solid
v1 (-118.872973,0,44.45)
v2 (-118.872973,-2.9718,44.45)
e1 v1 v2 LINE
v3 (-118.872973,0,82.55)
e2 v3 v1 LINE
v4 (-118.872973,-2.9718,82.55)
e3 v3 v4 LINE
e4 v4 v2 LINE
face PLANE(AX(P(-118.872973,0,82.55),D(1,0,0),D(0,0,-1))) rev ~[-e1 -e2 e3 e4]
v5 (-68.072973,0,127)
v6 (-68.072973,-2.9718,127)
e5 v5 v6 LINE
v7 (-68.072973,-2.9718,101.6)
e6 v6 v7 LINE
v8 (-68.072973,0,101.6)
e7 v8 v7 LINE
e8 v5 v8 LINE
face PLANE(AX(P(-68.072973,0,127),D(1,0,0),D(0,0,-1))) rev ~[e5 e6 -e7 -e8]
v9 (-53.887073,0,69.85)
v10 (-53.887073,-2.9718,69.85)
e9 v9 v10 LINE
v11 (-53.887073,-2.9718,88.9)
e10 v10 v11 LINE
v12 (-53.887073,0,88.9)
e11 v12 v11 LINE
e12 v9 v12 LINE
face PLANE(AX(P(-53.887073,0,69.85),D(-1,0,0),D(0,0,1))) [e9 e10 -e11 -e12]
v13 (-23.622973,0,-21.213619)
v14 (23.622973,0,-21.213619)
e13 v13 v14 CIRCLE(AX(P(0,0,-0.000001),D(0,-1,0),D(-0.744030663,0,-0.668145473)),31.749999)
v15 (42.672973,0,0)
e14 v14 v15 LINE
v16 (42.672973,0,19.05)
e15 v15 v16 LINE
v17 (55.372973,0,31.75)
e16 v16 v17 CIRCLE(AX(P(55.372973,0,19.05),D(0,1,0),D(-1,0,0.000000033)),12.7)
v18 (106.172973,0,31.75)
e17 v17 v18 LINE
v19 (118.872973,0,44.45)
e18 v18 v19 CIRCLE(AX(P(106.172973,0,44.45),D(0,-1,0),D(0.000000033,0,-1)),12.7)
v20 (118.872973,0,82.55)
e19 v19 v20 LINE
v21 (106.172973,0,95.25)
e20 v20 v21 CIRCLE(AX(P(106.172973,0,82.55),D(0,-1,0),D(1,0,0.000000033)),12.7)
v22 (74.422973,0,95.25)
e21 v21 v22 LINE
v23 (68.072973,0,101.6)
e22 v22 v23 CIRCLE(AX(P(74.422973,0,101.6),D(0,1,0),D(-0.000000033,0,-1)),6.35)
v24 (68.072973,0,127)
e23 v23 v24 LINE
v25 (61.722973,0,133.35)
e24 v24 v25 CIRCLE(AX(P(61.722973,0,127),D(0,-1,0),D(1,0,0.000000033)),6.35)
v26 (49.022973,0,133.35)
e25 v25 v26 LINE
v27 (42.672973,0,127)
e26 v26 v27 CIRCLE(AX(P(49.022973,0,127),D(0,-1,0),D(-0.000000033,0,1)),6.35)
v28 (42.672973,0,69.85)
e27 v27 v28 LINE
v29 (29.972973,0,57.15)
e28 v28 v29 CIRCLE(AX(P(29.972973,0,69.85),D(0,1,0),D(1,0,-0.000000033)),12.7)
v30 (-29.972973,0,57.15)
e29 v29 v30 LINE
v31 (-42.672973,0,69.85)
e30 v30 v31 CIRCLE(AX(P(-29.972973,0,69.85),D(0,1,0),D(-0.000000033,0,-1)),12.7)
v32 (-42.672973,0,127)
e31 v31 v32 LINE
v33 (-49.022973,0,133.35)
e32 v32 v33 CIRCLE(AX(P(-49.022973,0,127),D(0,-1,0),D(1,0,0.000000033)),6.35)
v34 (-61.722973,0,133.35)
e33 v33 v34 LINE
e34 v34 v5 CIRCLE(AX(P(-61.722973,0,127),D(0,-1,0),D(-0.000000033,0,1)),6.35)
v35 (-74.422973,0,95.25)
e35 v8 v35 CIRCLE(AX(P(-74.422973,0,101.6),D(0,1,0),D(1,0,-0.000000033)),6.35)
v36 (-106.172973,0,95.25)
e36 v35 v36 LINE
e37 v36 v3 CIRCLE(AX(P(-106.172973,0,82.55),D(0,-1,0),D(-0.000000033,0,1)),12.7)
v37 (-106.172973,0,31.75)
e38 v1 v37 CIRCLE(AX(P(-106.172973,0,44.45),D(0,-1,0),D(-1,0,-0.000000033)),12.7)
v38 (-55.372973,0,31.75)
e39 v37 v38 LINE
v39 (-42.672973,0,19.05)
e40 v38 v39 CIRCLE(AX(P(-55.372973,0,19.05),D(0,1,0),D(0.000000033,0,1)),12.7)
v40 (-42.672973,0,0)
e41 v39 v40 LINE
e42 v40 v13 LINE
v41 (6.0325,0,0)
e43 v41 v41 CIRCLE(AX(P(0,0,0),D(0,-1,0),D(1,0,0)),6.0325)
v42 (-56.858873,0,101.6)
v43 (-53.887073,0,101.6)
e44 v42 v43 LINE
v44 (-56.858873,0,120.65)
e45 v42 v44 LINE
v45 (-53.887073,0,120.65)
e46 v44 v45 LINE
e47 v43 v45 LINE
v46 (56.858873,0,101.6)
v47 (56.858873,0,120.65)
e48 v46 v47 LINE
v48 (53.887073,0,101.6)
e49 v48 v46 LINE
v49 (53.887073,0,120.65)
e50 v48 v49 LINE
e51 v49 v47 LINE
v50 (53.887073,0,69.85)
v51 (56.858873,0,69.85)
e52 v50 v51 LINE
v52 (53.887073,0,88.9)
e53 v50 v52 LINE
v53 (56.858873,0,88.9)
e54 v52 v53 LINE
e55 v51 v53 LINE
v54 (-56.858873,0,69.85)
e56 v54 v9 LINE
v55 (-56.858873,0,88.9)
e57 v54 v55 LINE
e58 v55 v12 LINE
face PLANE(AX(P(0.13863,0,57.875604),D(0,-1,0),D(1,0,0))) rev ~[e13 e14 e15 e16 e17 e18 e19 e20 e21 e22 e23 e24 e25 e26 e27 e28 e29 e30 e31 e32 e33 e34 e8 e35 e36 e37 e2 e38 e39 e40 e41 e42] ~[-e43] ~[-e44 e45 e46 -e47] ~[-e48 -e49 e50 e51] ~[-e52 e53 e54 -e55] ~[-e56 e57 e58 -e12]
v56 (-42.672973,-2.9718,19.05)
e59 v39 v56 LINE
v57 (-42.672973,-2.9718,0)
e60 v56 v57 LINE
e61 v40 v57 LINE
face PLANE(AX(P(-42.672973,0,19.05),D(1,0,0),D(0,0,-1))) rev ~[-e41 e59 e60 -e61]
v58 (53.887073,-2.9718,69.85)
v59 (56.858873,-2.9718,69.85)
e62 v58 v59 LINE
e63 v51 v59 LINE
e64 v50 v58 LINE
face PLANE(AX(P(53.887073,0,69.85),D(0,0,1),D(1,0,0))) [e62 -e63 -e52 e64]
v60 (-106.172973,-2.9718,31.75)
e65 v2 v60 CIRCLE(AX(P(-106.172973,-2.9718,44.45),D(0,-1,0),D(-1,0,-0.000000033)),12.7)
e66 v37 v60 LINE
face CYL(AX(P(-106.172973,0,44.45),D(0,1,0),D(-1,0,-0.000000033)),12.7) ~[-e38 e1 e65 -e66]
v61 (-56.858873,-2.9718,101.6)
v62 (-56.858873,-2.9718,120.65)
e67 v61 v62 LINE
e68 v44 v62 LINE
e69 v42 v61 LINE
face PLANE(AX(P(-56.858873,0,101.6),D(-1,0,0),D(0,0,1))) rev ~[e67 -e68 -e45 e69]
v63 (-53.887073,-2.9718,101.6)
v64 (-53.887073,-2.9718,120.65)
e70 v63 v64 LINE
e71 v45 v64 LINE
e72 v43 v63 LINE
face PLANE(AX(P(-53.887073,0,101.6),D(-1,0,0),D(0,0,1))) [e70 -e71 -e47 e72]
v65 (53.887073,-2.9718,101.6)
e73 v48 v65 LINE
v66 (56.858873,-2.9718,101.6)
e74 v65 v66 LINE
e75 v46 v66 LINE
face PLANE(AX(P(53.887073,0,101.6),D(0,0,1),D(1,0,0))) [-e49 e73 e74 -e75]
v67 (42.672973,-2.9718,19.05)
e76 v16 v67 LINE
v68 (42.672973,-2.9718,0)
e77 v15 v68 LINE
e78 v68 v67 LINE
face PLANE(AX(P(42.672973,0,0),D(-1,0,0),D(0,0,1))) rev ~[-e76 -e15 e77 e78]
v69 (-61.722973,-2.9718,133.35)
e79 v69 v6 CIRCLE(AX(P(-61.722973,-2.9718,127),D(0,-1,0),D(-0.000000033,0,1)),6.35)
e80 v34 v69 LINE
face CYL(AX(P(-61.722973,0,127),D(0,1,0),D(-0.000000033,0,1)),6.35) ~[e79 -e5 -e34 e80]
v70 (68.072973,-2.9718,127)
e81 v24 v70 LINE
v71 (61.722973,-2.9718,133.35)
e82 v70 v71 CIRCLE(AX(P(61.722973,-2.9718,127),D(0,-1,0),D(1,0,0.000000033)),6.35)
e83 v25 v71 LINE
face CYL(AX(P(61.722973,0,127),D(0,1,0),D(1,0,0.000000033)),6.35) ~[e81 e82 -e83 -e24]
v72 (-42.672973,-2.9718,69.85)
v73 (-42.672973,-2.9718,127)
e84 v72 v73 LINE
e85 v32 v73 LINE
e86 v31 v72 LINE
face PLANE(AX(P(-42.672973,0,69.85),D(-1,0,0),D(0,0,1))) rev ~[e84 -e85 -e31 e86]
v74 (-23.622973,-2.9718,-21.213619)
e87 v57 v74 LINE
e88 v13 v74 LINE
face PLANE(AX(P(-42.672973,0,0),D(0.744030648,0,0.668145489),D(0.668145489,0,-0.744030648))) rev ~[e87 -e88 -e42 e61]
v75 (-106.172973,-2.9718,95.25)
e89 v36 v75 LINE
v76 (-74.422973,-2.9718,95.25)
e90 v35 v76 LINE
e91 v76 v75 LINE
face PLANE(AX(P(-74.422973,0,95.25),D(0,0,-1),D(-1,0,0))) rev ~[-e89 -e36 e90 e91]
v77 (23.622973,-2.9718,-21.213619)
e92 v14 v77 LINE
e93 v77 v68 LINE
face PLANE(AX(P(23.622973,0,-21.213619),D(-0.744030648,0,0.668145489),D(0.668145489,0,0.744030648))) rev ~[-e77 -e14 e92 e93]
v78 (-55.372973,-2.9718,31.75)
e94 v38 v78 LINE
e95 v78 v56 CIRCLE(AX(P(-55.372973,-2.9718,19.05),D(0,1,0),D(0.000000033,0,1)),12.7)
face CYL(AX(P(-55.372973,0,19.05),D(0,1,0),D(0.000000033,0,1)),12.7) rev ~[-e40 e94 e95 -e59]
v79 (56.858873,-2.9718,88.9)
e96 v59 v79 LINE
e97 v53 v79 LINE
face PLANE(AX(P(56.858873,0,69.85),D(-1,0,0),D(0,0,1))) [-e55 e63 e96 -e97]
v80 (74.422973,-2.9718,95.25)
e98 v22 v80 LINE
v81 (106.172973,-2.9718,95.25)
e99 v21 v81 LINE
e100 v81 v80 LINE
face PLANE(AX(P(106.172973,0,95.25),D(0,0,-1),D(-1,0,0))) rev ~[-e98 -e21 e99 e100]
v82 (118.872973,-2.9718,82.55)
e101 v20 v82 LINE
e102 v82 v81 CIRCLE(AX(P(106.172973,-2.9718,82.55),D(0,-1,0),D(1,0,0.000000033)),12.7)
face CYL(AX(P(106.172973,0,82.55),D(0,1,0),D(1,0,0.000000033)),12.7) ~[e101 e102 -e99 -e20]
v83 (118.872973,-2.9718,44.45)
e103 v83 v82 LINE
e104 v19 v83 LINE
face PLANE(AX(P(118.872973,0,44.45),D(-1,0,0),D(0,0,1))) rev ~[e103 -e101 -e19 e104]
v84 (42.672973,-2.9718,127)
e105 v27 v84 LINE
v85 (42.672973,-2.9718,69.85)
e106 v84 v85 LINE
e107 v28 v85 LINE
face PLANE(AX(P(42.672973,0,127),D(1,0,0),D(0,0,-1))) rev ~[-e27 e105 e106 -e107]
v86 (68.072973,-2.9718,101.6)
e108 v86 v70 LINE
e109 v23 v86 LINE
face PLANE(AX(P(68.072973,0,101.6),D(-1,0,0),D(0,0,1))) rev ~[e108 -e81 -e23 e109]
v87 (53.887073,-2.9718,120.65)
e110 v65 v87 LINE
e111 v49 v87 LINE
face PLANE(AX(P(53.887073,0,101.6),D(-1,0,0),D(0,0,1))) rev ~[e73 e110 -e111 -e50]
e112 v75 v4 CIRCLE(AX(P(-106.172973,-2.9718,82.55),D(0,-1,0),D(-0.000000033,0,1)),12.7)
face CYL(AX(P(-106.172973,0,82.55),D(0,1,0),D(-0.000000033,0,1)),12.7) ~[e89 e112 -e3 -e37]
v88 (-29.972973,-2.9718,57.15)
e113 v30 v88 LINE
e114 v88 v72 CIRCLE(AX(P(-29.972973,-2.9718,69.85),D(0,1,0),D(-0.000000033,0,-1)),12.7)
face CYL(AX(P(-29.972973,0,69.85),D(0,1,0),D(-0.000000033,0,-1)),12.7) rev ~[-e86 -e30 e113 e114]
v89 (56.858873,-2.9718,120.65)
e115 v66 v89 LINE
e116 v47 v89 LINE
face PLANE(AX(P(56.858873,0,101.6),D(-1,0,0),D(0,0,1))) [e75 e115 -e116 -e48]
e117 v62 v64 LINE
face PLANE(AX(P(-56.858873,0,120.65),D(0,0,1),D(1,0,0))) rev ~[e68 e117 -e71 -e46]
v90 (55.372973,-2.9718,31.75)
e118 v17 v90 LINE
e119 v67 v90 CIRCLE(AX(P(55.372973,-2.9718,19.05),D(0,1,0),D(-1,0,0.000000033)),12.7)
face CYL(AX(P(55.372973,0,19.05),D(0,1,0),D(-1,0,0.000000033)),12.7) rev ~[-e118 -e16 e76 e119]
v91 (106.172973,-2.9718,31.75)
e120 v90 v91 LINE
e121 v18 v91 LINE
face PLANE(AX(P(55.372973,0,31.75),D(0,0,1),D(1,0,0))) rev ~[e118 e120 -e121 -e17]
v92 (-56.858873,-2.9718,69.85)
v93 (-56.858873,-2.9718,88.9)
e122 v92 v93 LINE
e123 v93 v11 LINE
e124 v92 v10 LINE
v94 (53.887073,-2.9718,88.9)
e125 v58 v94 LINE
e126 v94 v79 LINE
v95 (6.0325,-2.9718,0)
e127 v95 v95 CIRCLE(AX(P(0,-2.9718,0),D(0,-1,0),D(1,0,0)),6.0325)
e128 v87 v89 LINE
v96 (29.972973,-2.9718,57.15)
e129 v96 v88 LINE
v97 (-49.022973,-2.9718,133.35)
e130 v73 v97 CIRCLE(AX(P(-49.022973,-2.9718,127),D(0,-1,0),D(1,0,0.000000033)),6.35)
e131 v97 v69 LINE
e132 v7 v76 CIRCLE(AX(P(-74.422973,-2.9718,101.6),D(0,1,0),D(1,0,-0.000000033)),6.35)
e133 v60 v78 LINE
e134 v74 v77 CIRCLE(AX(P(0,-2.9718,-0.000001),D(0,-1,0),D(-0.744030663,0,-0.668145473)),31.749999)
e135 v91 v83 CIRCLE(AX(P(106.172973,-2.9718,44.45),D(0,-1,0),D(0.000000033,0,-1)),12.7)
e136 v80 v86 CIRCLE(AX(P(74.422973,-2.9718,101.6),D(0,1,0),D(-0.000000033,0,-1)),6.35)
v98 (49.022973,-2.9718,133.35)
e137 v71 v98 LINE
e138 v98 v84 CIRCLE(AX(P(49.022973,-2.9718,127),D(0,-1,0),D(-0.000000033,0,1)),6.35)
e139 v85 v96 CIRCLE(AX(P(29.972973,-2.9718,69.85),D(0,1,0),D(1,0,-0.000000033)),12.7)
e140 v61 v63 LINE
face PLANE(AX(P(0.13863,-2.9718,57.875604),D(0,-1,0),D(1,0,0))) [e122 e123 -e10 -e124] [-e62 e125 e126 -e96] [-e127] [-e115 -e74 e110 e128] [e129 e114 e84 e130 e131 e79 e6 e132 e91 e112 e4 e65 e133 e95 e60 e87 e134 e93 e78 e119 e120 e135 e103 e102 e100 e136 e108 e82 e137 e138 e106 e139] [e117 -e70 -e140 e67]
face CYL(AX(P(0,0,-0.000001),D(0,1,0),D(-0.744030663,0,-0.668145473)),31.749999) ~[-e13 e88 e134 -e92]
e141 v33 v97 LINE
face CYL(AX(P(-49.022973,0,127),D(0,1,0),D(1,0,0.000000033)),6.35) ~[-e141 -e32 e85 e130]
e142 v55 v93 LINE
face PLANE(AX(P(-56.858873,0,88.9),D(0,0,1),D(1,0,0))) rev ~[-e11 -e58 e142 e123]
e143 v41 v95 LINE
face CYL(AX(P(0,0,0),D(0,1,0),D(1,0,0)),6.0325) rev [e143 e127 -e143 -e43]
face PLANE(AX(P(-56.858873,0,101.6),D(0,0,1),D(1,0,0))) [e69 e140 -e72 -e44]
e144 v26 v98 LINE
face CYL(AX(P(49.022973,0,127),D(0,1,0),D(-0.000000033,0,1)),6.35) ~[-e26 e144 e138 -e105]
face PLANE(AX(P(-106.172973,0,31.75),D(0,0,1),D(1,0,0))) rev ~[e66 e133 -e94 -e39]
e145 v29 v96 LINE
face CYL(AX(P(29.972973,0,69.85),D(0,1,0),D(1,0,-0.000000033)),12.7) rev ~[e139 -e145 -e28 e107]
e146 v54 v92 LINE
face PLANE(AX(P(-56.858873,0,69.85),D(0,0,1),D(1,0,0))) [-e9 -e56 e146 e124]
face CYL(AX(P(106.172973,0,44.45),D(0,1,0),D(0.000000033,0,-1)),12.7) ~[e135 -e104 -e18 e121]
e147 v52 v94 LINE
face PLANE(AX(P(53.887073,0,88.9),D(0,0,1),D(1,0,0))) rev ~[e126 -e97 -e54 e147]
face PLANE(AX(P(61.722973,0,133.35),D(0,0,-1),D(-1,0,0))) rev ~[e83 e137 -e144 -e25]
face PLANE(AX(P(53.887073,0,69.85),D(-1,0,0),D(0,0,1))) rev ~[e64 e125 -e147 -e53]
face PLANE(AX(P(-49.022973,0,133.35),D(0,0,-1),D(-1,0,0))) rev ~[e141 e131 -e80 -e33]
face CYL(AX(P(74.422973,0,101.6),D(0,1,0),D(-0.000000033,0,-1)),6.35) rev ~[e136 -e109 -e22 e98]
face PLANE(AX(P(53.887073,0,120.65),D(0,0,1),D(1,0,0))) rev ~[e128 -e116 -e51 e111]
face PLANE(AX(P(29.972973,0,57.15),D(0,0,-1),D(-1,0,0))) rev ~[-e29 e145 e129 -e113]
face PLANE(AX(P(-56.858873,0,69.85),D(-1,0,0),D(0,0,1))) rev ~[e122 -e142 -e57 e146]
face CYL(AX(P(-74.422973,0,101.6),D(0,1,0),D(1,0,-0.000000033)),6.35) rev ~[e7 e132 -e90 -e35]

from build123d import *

# Parameters (mm, degrees)
F0_W     = 2.9718
F0_H     = 19.05
F0_R     = 6.0325
F1_DEPTH = 2.9718


with BuildPart() as f1:
    # F0 (on Front) → F1 (new body)
    with BuildSketch(Plane.XZ):
        with BuildLine():
            ThreePointArc((-23.622973, -21.213619), (-11.358545, 29.648709), (31.75, 0))
            ThreePointArc((31.75, 0), (29.648709, -11.358545), (23.622973, -21.213619))
            Line((23.622973, -21.213619), (42.672973, 0))
            Line((42.672973, 0), (42.672973, 19.05))
            ThreePointArc((42.672973, 19.05), (46.392717, 28.030256), (55.372973, 31.75))
            Line((55.372973, 31.75), (106.172973, 31.75))
            ThreePointArc((106.172973, 31.75), (115.153229, 35.469744), (118.872973, 44.45))
            Line((118.872973, 44.45), (118.872973, 82.55))
            ThreePointArc((118.872973, 82.55), (115.153229, 91.530256), (106.172973, 95.25))
            Line((106.172973, 95.25), (74.422973, 95.25))
            ThreePointArc((74.422973, 95.25), (69.932845, 97.109872), (68.072973, 101.6))
            Line((68.072973, 101.6), (68.072973, 127))
            ThreePointArc((68.072973, 127), (66.213101, 131.490128), (61.722973, 133.35))
            Line((61.722973, 133.35), (49.022973, 133.35))
            ThreePointArc((49.022973, 133.35), (44.532845, 131.490128), (42.672973, 127))
            Line((42.672973, 127), (42.672973, 69.85))
            ThreePointArc((42.672973, 69.85), (38.953229, 60.869744), (29.972973, 57.15))
            Line((29.972973, 57.15), (-29.972973, 57.15))
            ThreePointArc((-29.972973, 57.15), (-38.953229, 60.869744), (-42.672973, 69.85))
            Line((-42.672973, 69.85), (-42.672973, 127))
            ThreePointArc((-42.672973, 127), (-44.532845, 131.490128), (-49.022973, 133.35))
            Line((-49.022973, 133.35), (-61.722973, 133.35))
            ThreePointArc((-61.722973, 133.35), (-66.213101, 131.490128), (-68.072973, 127))
            Line((-68.072973, 127), (-68.072973, 101.6))
            ThreePointArc((-68.072973, 101.6), (-69.932845, 97.109872), (-74.422973, 95.25))
            Line((-74.422973, 95.25), (-106.172973, 95.25))
            ThreePointArc((-106.172973, 95.25), (-115.153229, 91.530256), (-118.872973, 82.55))
            Line((-118.872973, 82.55), (-118.872973, 44.45))
            ThreePointArc((-118.872973, 44.45), (-115.153229, 35.469744), (-106.172973, 31.75))
            Line((-106.172973, 31.75), (-55.372973, 31.75))
            ThreePointArc((-55.372973, 31.75), (-46.392717, 28.030256), (-42.672973, 19.05))
            Line((-42.672973, 19.05), (-42.672973, 0))
            Line((-42.672973, 0), (-23.622973, -21.213619))
        make_face()
        with Locations((-55.372973, 79.375)):
            Rectangle(F0_W, F0_H, mode=Mode.SUBTRACT)
        with Locations((-55.372973, 111.125)):
            Rectangle(F0_W, F0_H, mode=Mode.SUBTRACT)
        with Locations((55.372973, 79.375)):
            Rectangle(F0_W, F0_H, mode=Mode.SUBTRACT)
        with Locations((55.372973, 111.125)):
            Rectangle(F0_W, F0_H, mode=Mode.SUBTRACT)
        with BuildLine():
            ThreePointArc((23.622973, -21.213619), (29.648709, -11.358545), (31.75, 0))
            ThreePointArc((31.75, 0), (-11.358545, 29.648709), (-23.622973, -21.213619))
            ThreePointArc((-23.622973, -21.213619), (0, -31.75), (23.622973, -21.213619))
        make_face()
        Circle(F0_R, mode=Mode.SUBTRACT)
    extrude(amount=F1_DEPTH)


solid = f1.part
